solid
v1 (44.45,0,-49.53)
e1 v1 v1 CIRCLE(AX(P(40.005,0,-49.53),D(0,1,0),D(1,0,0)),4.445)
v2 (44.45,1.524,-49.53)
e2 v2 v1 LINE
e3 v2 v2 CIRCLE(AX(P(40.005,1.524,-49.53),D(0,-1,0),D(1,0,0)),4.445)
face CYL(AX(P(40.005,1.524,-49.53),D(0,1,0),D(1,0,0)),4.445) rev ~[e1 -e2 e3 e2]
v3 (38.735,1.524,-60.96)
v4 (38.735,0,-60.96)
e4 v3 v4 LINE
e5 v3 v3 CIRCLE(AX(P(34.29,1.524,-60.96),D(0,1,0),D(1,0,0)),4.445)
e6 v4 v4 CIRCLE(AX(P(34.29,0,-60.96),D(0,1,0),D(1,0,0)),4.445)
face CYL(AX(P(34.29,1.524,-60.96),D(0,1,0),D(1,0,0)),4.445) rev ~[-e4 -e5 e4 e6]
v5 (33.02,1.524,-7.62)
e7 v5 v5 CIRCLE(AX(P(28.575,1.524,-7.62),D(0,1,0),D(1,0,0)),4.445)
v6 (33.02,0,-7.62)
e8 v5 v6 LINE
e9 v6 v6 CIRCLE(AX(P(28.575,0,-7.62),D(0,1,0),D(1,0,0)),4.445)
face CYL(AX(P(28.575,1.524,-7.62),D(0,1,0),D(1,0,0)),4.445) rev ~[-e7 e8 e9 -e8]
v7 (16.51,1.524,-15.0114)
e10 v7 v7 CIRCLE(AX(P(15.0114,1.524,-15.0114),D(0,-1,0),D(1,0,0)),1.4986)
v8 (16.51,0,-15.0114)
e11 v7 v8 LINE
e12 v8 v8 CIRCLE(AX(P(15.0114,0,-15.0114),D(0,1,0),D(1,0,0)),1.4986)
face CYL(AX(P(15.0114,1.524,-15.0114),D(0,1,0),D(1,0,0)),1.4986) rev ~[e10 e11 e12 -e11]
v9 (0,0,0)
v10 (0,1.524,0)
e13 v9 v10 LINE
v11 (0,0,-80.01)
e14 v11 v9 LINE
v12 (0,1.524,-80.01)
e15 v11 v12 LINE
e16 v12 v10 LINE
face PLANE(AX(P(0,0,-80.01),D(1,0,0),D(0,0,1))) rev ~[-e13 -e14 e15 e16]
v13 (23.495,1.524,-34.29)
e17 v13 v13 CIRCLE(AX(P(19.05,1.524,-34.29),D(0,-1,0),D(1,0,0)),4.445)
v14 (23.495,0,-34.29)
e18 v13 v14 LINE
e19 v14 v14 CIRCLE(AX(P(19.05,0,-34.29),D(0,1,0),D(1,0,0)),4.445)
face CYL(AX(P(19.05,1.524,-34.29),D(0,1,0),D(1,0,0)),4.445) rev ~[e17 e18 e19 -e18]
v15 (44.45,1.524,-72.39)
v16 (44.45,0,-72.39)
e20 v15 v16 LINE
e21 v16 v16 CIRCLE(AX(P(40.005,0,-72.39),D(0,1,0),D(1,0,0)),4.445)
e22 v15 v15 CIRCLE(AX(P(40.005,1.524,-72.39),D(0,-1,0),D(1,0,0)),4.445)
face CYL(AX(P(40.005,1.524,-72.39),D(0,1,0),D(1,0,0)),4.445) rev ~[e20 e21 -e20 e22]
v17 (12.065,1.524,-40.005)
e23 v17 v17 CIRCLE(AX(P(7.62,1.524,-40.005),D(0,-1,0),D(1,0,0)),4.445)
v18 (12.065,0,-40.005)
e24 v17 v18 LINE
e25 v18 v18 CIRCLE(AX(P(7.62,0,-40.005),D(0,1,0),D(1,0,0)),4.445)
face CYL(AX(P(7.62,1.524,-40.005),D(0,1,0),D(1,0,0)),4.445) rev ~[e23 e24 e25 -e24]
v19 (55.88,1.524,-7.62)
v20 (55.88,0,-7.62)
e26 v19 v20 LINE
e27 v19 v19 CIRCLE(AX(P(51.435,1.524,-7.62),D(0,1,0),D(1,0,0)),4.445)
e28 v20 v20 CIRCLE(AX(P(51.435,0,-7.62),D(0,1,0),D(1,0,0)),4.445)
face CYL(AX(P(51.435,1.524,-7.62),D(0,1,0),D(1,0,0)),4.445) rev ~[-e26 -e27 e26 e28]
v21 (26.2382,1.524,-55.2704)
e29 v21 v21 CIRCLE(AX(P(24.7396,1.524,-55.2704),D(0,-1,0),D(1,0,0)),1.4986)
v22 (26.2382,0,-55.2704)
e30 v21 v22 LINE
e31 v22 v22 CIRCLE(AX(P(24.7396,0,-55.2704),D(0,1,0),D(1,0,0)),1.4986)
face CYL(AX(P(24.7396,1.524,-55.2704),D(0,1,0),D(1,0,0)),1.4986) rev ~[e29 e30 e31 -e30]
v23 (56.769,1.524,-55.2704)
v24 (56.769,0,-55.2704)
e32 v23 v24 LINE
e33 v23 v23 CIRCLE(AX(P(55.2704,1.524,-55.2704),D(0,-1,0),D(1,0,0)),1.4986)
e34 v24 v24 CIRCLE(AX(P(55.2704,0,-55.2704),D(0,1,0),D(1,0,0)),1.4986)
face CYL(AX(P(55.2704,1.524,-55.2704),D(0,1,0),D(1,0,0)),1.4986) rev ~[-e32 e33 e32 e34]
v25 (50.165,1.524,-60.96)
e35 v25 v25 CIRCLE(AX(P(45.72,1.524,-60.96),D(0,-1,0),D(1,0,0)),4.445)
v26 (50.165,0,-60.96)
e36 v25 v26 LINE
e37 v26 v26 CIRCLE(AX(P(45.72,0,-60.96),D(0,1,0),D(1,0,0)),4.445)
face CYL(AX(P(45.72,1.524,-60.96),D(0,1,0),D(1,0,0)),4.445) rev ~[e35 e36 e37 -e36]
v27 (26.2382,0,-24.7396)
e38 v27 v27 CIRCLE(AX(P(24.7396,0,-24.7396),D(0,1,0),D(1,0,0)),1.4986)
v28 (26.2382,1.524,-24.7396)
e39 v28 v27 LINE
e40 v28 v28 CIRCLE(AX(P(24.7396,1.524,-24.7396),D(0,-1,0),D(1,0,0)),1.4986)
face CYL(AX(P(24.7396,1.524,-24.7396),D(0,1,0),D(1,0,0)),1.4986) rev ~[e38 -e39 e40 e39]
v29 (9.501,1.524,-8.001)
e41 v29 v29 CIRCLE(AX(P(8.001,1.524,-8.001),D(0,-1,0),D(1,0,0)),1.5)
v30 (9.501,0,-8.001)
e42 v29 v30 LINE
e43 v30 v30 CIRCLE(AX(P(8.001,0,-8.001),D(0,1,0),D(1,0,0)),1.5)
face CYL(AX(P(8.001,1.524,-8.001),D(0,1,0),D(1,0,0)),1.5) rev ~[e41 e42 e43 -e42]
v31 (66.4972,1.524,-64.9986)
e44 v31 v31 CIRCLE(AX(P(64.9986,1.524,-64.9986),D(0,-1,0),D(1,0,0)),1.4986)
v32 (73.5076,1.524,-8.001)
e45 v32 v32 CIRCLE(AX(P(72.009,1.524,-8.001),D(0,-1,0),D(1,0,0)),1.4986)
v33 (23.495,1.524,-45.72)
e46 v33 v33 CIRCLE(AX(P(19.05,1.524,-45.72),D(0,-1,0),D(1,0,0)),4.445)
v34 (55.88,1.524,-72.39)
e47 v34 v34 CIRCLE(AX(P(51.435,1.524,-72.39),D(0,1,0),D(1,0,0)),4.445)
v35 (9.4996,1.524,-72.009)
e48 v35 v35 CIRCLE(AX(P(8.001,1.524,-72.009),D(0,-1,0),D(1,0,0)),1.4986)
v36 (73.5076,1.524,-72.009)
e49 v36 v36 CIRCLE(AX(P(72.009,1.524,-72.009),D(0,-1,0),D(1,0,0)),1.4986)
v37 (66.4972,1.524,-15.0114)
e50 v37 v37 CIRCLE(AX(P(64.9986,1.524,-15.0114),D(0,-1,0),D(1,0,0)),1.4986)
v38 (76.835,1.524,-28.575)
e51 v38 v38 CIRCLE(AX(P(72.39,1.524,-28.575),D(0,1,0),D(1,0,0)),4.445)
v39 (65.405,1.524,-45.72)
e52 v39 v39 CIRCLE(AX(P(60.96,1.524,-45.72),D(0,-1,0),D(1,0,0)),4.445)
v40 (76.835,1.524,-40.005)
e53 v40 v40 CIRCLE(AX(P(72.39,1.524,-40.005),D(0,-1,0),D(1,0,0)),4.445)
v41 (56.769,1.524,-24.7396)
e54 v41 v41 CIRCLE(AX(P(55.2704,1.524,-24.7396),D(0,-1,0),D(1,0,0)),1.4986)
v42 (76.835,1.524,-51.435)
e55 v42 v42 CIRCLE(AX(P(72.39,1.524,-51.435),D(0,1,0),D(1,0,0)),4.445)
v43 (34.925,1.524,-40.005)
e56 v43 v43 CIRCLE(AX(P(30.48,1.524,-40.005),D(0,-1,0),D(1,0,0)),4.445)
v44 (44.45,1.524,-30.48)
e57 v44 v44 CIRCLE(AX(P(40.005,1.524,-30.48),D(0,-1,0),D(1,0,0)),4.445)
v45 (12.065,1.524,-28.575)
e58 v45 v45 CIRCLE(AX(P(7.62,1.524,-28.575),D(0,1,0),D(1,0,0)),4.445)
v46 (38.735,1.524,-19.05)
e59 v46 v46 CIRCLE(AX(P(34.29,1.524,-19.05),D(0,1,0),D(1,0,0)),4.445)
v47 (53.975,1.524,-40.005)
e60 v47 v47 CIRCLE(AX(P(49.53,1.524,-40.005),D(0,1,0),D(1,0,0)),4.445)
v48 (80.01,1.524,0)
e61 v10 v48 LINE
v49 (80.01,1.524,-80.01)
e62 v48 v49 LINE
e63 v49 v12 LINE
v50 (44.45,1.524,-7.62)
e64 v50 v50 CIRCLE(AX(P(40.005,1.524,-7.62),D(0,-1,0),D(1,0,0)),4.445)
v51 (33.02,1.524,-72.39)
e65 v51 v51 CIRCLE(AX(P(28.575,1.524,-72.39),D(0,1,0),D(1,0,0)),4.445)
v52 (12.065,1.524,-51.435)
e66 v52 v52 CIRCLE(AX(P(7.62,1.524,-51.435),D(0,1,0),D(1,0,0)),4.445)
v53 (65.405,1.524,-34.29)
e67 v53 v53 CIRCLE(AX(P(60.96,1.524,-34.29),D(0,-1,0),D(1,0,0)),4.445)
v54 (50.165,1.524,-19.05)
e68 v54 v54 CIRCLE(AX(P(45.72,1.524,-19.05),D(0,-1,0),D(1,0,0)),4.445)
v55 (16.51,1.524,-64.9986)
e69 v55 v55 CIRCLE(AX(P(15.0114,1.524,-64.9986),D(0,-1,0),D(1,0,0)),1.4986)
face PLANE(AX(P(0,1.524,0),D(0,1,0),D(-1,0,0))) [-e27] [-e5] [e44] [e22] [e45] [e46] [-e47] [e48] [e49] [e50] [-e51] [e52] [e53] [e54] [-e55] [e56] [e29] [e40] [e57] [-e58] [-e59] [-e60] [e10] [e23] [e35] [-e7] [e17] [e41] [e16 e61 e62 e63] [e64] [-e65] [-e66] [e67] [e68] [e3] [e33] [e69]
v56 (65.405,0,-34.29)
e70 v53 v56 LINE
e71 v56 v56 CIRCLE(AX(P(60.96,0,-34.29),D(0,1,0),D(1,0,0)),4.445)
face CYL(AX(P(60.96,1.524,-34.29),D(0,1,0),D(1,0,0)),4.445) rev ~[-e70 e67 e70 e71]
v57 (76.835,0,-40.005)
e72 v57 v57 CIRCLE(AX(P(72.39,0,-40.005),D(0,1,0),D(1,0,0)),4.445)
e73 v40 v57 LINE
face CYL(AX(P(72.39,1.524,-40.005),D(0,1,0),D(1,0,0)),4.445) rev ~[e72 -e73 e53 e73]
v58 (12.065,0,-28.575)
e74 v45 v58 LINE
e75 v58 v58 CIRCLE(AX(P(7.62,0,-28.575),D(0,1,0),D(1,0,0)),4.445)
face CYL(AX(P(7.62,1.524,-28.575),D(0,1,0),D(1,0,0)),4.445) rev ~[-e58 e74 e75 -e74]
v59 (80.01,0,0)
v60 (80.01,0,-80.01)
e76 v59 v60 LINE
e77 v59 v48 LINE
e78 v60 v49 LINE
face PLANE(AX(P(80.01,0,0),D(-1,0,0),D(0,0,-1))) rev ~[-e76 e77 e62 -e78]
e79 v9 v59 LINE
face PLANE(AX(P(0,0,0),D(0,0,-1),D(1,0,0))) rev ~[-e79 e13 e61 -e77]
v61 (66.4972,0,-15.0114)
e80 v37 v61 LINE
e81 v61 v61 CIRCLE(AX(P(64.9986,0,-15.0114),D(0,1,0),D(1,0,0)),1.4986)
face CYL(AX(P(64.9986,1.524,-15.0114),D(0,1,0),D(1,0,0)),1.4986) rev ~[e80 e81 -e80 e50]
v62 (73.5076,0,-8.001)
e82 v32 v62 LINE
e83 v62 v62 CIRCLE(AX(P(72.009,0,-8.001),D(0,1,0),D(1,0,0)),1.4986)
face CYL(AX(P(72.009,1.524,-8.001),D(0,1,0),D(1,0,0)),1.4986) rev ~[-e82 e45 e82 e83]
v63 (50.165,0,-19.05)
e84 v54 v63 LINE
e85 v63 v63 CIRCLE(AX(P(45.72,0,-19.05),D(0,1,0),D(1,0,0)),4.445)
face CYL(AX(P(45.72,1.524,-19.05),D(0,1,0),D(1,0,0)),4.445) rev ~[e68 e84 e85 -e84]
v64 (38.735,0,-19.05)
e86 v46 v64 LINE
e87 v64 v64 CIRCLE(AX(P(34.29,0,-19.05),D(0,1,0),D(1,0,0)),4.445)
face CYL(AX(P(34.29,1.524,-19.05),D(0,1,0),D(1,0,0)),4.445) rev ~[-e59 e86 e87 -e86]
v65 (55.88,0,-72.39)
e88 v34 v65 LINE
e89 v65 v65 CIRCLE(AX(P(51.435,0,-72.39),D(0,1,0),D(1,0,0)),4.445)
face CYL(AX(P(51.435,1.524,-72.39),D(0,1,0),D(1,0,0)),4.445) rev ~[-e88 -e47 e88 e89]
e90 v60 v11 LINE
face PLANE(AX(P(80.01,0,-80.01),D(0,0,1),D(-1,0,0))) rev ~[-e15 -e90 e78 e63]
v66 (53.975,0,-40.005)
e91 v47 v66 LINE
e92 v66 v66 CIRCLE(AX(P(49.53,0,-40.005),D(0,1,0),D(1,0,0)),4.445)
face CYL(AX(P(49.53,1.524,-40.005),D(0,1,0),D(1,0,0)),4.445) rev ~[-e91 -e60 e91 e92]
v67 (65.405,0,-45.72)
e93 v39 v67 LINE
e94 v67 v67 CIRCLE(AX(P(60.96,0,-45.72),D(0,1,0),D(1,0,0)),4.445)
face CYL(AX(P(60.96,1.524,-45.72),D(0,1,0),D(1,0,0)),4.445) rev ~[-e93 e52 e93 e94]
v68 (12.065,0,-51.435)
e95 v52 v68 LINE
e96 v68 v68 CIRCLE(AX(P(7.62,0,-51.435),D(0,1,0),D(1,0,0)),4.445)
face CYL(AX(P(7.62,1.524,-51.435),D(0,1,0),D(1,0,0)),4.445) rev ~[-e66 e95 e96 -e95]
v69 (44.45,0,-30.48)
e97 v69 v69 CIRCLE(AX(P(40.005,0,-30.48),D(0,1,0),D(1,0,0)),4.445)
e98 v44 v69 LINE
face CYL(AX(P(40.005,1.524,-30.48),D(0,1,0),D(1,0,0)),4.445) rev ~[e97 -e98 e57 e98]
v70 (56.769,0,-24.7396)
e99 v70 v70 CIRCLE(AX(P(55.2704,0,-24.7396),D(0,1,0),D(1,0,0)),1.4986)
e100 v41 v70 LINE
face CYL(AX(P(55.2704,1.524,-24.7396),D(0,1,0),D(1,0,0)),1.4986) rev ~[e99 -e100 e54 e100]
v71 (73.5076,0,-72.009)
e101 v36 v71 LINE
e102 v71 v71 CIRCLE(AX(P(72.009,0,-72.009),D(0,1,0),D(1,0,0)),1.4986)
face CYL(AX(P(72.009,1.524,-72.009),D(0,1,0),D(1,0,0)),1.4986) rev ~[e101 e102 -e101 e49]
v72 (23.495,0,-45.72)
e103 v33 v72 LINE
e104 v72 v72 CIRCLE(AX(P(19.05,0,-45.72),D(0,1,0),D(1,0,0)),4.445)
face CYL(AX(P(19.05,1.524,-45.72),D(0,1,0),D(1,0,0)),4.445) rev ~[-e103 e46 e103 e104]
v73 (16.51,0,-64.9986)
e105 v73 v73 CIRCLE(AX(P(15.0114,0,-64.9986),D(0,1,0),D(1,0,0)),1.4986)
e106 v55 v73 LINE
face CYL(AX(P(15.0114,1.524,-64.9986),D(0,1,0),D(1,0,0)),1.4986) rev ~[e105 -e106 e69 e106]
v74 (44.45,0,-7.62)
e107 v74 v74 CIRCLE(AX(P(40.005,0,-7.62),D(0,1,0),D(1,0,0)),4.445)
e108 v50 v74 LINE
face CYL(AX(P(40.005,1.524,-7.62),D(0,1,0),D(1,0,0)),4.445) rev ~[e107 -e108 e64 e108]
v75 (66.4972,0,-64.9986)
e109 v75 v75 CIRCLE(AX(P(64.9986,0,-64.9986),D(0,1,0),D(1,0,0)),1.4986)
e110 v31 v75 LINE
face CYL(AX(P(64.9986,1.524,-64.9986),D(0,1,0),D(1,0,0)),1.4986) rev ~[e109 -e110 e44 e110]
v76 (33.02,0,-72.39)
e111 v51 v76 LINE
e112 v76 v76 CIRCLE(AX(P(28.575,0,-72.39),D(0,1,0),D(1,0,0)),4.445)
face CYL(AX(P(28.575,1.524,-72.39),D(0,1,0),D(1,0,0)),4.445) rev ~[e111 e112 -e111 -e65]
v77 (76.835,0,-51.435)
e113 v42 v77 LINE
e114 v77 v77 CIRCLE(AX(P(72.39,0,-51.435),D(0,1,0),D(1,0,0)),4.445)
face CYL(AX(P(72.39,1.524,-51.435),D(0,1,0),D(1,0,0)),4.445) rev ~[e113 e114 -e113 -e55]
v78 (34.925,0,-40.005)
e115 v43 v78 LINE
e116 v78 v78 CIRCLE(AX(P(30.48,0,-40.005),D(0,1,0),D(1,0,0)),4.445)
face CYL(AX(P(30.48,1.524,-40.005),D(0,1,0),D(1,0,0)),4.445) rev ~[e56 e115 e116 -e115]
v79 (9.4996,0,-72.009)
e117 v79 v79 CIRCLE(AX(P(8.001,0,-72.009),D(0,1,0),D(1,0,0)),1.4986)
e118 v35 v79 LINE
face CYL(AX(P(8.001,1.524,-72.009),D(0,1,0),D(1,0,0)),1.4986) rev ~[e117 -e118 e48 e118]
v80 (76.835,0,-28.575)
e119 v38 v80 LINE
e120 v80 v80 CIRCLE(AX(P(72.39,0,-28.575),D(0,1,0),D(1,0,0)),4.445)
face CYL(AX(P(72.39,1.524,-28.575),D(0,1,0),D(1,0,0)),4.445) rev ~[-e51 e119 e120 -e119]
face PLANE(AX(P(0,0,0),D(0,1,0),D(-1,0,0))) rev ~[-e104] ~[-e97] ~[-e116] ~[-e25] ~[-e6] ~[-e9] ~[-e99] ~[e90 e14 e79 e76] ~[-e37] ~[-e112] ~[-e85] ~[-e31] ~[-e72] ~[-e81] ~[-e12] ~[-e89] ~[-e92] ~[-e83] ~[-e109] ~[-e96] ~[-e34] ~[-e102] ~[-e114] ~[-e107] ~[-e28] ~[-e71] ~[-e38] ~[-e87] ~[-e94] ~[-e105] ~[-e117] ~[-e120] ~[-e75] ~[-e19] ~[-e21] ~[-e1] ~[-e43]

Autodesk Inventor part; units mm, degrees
ref_plane "YZ Plane" through (0, 0, 0) normal (1, 0, 0) x (0, 1, 0)
ref_plane "XZ Plane" through (0, 0, 0) normal (0, 1, 0) x (-1, 0, 0)
ref_plane "XY Plane" through (0, 0, 0) normal (0, 0, 1) x (1, 0, 0)
sketch "Sketch1" plane through (0, 0, 0) normal (0, 1, 0) x (-1, 0, 0)
  line L0 (0, 0) -> (-80.01, 0)
  line L1 (-80.01, 0) -> (-80.01, -80.01)
  line L2 (-80.01, -80.01) -> (0, -80.01)
  line L3 (0, -80.01) -> (0, 0)
  dimension "d0" = 80.01
  dimension "d1" = 80.01
extrude "Extrusion1" add sketch "Sketch1" along normal blind 1.524
sketch "Sketch2" plane through (0, 1.524, 0) normal (0, 1, 0) x (1, 0, 0)
  line L0 (0, 0) -> (80.01, 0) projected
  line L1 (80.01, 80.01) -> (0, 80.01) projected
  line L2 (0, 0) -> (8.001, 0)
  line L3 (8.001, 0) -> (8.001, 8.001)
  circle A0 centre (8.001, 8.001) radius 1.5
  line L4 (80.01, 0) -> (72.009, 0)
  line L5 (72.009, 0) -> (72.009, 8.001)
  line L6 (0, 80.01) -> (8.001, 80.01)
  line L7 (8.001, 80.01) -> (8.001, 72.009)
  line L8 (80.01, 80.01) -> (72.009, 80.01)
  line L9 (72.009, 80.01) -> (72.009, 72.009)
  circle A1 centre (8.001, 72.009) radius 1.4986
  circle A2 centre (72.009, 72.009) radius 1.4986
  circle A3 centre (72.009, 8.001) radius 1.4986
  line L10 (0, 0) -> (15.0114, 0)
  line L11 (15.0114, 0) -> (15.0114, 15.0114)
  line L12 (0, 80.01) -> (15.0114, 80.01)
  line L13 (15.0114, 80.01) -> (15.0114, 64.9986)
  line L14 (80.01, 80.01) -> (64.9986, 80.01)
  line L15 (64.9986, 80.01) -> (64.9986, 64.9986)
  line L16 (80.01, 0) -> (64.9986, 0)
  line L17 (64.9986, 0) -> (64.9986, 15.0114)
  circle A4 centre (15.0114, 15.0114) radius 1.4986
  circle A5 centre (15.0114, 64.9986) radius 1.4986
  circle A6 centre (64.9986, 64.9986) radius 1.4986
  circle A7 centre (64.9986, 15.0114) radius 1.4986
  dimension "d4" = 8.001
  dimension "d5" = 8.001
  dimension "d6" = 3
  dimension "d7" = 8.001
  dimension "d8" = 8.001
  dimension "d9" = 8.001
  dimension "d10" = 8.001
  dimension "d11" = 8.001
  dimension "d12" = 2.9972
  dimension "d13" = 2.9972
  dimension "d14" = 15.0114
  dimension "d15" = 15.0114
  dimension "d16" = 15.0114
  dimension "d17" = 15.0114
  dimension "d18" = 15.0114
  dimension "d19" = 15.0114
  dimension "d20" = 15.0114
  dimension "d21" = 15.0114
  dimension "d22" = 2.9972
  dimension "d23" = 2.9972
  dimension "d24" = 2.9972
  dimension "d25" = 2.9972
extrude "Extrusion2" cut sketch "Sketch2" against normal blind 1.524
sketch "Sketch3" plane through (0, 1.524, 0) normal (0, 1, 0) x (1, 0, 0)
  line L0 (0, 0) -> (80.01, 0) projected
  line L1 (80.01, 0) -> (80.01, 80.01) projected
  line L2 (80.01, 80.01) -> (0, 80.01) projected
  line L3 (0, 80.01) -> (0, 0) projected
  line L4 (40.005, 0) -> (40.005, 7.62)
  line L5 (0, 40.005) -> (7.62, 40.005)
  line L6 (40.005, 80.01) -> (40.005, 72.39)
  line L7 (80.01, 40.005) -> (72.39, 40.005)
  circle A0 centre (40.005, 72.39) radius 4.445
  circle A1 centre (40.005, 7.62) radius 4.445
  circle A2 centre (7.62, 40.005) radius 4.445
  circle A3 centre (72.39, 40.005) radius 4.445
  circle A4 centre (7.62, 28.575) radius 4.445
  circle A5 centre (72.39, 28.575) radius 4.445
  circle A6 centre (7.62, 51.435) radius 4.445
  circle A7 centre (72.39, 51.435) radius 4.445
  circle A8 centre (7.62, 40.005) radius 4.445
  circle A9 centre (72.39, 40.005) radius 4.445
  circle A10 centre (51.435, 72.39) radius 4.445
  circle A11 centre (51.435, 7.62) radius 4.445
  circle A12 centre (28.575, 72.39) radius 4.445
  circle A13 centre (28.575, 7.62) radius 4.445
  circle A14 centre (40.005, 72.39) radius 4.445
  circle A15 centre (40.005, 7.62) radius 4.445
  line L8 (19.05, 40.005) -> (19.05, 45.72)
  line L9 (19.05, 40.005) -> (19.05, 34.29)
  circle A16 centre (19.05, 45.72) radius 4.445
  circle A17 centre (19.05, 34.29) radius 4.445
  line L10 (7.62, 40.005) -> (19.05, 40.005)
  line L11 (19.05, 40.005) -> (30.48, 40.005)
  circle A18 centre (30.48, 40.005) radius 4.445
  line L12 (40.005, 72.39) -> (40.005, 60.96)
  line L13 (40.005, 60.96) -> (40.005, 49.53)
  line L14 (72.39, 40.005) -> (60.96, 40.005)
  line L15 (60.96, 40.005) -> (49.53, 40.005)
  line L16 (40.005, 7.62) -> (40.005, 19.05)
  line L17 (40.005, 19.05) -> (40.005, 30.48)
  line L18 (40.005, 19.05) -> (45.72, 19.05)
  line L19 (40.005, 19.05) -> (34.29, 19.05)
  line L20 (40.005, 60.96) -> (45.72, 60.96)
  line L21 (40.005, 60.96) -> (34.29, 60.96)
  line L22 (60.96, 40.005) -> (60.96, 45.72)
  line L23 (60.96, 40.005) -> (60.96, 34.29)
  circle A19 centre (40.005, 49.53) radius 4.445
  circle A20 centre (40.005, 30.48) radius 4.445
  circle A21 centre (49.53, 40.005) radius 4.445
  circle A22 centre (60.96, 45.72) radius 4.445
  circle A23 centre (60.96, 34.29) radius 4.445
  circle A24 centre (34.29, 60.96) radius 4.445
  circle A25 centre (45.72, 60.96) radius 4.445
  circle A26 centre (34.29, 19.05) radius 4.445
  circle A27 centre (45.72, 19.05) radius 4.445
  dimension "d28" = 7.62
  dimension "d29" = 7.62
  dimension "d30" = 7.62
  dimension "d31" = 7.62
  dimension "d32" = 8.89
  dimension "d33" = 8.89
  dimension "d34" = 8.89
  dimension "d35" = 8.89
  dimension "d45" = 11.43
  dimension "d52" = 11.43
  dimension "d66" = 11.43
  dimension "d69" = 11.43
  dimension "d74" = 11.43
  dimension "d77" = 11.43
  dimension "d111" = 5.715
  dimension "d112" = 5.715
  dimension "d113" = 8.89
  dimension "d114" = 8.89
  dimension "d115" = 11.43
  dimension "d116" = 8.89
  dimension "d117" = 11.43
  dimension "d118" = 11.43
  dimension "d119" = 11.43
  dimension "d120" = 11.43
  dimension "d121" = 11.43
  dimension "d122" = 5.715
  dimension "d123" = 5.715
  dimension "d124" = 5.715
  dimension "d125" = 5.715
  dimension "d126" = 5.715
  dimension "d127" = 5.715
  dimension "d128" = 8.89
  dimension "d129" = 8.89
  dimension "d130" = 8.89
  dimension "d131" = 8.89
  dimension "d132" = 8.89
  dimension "d133" = 8.89
  dimension "d134" = 8.89
  dimension "d135" = 8.89
  dimension "d136" = 8.89
sketch "Sketch4" plane through (0, 1.524, 0) normal (0, 1, 0) x (1, 0, 0)
  line L0 (0, 0) -> (80.01, 0) projected
  line L1 (0, 0) -> (24.7396, 0)
  line L2 (24.7396, 0) -> (24.7396, 24.7396)
  circle A0 centre (24.7396, 24.7396) radius 1.4986
  line L3 (80.01, 0) -> (55.2704, 0)
  line L4 (55.2704, 0) -> (55.2704, 24.7396)
  circle A1 centre (55.2704, 24.7396) radius 1.4986
  line L5 (80.01, 80.01) -> (0, 80.01) projected
  line L6 (0, 80.01) -> (24.7396, 80.01)
  line L7 (24.7396, 80.01) -> (24.7396, 55.2704)
  circle A2 centre (24.7396, 55.2704) radius 1.4986
  line L8 (80.01, 80.01) -> (55.2704, 80.01)
  line L9 (55.2704, 80.01) -> (55.2704, 55.2704)
  circle A3 centre (55.2704, 55.2704) radius 1.4986
  dimension "d98" = 24.7396
  dimension "d99" = 24.7396
  dimension "d100" = 2.9972
  dimension "d101" = 24.7396
  dimension "d102" = 24.7396
  dimension "d103" = 2.9972
  dimension "d104" = 24.7396
  dimension "d105" = 24.7396
  dimension "d106" = 2.9972
  dimension "d107" = 24.7396
  dimension "d108" = 24.7396
extrude "Extrusion4" cut sketch "Sketch4" against normal blind 25.4
extrude "Extrusion5" cut sketch "Sketch3" against normal blind 25.4 contours A26 | A20 | A27 | A1 L16 L4 | L4 L16 A1 | A23 | A21 | A22 | A3 L14 L7 | L7 L14 A3 | A25 | A19 | A24 | A0 L12 L6 | L6 L12 A0 | A16 | A18 | A17 | A2 L10 L5 | L5 L10 A2 | A4 | A5 | A6 | A7 | A10 | A11 | A12 | A13
properties part number "plate_mk2"
